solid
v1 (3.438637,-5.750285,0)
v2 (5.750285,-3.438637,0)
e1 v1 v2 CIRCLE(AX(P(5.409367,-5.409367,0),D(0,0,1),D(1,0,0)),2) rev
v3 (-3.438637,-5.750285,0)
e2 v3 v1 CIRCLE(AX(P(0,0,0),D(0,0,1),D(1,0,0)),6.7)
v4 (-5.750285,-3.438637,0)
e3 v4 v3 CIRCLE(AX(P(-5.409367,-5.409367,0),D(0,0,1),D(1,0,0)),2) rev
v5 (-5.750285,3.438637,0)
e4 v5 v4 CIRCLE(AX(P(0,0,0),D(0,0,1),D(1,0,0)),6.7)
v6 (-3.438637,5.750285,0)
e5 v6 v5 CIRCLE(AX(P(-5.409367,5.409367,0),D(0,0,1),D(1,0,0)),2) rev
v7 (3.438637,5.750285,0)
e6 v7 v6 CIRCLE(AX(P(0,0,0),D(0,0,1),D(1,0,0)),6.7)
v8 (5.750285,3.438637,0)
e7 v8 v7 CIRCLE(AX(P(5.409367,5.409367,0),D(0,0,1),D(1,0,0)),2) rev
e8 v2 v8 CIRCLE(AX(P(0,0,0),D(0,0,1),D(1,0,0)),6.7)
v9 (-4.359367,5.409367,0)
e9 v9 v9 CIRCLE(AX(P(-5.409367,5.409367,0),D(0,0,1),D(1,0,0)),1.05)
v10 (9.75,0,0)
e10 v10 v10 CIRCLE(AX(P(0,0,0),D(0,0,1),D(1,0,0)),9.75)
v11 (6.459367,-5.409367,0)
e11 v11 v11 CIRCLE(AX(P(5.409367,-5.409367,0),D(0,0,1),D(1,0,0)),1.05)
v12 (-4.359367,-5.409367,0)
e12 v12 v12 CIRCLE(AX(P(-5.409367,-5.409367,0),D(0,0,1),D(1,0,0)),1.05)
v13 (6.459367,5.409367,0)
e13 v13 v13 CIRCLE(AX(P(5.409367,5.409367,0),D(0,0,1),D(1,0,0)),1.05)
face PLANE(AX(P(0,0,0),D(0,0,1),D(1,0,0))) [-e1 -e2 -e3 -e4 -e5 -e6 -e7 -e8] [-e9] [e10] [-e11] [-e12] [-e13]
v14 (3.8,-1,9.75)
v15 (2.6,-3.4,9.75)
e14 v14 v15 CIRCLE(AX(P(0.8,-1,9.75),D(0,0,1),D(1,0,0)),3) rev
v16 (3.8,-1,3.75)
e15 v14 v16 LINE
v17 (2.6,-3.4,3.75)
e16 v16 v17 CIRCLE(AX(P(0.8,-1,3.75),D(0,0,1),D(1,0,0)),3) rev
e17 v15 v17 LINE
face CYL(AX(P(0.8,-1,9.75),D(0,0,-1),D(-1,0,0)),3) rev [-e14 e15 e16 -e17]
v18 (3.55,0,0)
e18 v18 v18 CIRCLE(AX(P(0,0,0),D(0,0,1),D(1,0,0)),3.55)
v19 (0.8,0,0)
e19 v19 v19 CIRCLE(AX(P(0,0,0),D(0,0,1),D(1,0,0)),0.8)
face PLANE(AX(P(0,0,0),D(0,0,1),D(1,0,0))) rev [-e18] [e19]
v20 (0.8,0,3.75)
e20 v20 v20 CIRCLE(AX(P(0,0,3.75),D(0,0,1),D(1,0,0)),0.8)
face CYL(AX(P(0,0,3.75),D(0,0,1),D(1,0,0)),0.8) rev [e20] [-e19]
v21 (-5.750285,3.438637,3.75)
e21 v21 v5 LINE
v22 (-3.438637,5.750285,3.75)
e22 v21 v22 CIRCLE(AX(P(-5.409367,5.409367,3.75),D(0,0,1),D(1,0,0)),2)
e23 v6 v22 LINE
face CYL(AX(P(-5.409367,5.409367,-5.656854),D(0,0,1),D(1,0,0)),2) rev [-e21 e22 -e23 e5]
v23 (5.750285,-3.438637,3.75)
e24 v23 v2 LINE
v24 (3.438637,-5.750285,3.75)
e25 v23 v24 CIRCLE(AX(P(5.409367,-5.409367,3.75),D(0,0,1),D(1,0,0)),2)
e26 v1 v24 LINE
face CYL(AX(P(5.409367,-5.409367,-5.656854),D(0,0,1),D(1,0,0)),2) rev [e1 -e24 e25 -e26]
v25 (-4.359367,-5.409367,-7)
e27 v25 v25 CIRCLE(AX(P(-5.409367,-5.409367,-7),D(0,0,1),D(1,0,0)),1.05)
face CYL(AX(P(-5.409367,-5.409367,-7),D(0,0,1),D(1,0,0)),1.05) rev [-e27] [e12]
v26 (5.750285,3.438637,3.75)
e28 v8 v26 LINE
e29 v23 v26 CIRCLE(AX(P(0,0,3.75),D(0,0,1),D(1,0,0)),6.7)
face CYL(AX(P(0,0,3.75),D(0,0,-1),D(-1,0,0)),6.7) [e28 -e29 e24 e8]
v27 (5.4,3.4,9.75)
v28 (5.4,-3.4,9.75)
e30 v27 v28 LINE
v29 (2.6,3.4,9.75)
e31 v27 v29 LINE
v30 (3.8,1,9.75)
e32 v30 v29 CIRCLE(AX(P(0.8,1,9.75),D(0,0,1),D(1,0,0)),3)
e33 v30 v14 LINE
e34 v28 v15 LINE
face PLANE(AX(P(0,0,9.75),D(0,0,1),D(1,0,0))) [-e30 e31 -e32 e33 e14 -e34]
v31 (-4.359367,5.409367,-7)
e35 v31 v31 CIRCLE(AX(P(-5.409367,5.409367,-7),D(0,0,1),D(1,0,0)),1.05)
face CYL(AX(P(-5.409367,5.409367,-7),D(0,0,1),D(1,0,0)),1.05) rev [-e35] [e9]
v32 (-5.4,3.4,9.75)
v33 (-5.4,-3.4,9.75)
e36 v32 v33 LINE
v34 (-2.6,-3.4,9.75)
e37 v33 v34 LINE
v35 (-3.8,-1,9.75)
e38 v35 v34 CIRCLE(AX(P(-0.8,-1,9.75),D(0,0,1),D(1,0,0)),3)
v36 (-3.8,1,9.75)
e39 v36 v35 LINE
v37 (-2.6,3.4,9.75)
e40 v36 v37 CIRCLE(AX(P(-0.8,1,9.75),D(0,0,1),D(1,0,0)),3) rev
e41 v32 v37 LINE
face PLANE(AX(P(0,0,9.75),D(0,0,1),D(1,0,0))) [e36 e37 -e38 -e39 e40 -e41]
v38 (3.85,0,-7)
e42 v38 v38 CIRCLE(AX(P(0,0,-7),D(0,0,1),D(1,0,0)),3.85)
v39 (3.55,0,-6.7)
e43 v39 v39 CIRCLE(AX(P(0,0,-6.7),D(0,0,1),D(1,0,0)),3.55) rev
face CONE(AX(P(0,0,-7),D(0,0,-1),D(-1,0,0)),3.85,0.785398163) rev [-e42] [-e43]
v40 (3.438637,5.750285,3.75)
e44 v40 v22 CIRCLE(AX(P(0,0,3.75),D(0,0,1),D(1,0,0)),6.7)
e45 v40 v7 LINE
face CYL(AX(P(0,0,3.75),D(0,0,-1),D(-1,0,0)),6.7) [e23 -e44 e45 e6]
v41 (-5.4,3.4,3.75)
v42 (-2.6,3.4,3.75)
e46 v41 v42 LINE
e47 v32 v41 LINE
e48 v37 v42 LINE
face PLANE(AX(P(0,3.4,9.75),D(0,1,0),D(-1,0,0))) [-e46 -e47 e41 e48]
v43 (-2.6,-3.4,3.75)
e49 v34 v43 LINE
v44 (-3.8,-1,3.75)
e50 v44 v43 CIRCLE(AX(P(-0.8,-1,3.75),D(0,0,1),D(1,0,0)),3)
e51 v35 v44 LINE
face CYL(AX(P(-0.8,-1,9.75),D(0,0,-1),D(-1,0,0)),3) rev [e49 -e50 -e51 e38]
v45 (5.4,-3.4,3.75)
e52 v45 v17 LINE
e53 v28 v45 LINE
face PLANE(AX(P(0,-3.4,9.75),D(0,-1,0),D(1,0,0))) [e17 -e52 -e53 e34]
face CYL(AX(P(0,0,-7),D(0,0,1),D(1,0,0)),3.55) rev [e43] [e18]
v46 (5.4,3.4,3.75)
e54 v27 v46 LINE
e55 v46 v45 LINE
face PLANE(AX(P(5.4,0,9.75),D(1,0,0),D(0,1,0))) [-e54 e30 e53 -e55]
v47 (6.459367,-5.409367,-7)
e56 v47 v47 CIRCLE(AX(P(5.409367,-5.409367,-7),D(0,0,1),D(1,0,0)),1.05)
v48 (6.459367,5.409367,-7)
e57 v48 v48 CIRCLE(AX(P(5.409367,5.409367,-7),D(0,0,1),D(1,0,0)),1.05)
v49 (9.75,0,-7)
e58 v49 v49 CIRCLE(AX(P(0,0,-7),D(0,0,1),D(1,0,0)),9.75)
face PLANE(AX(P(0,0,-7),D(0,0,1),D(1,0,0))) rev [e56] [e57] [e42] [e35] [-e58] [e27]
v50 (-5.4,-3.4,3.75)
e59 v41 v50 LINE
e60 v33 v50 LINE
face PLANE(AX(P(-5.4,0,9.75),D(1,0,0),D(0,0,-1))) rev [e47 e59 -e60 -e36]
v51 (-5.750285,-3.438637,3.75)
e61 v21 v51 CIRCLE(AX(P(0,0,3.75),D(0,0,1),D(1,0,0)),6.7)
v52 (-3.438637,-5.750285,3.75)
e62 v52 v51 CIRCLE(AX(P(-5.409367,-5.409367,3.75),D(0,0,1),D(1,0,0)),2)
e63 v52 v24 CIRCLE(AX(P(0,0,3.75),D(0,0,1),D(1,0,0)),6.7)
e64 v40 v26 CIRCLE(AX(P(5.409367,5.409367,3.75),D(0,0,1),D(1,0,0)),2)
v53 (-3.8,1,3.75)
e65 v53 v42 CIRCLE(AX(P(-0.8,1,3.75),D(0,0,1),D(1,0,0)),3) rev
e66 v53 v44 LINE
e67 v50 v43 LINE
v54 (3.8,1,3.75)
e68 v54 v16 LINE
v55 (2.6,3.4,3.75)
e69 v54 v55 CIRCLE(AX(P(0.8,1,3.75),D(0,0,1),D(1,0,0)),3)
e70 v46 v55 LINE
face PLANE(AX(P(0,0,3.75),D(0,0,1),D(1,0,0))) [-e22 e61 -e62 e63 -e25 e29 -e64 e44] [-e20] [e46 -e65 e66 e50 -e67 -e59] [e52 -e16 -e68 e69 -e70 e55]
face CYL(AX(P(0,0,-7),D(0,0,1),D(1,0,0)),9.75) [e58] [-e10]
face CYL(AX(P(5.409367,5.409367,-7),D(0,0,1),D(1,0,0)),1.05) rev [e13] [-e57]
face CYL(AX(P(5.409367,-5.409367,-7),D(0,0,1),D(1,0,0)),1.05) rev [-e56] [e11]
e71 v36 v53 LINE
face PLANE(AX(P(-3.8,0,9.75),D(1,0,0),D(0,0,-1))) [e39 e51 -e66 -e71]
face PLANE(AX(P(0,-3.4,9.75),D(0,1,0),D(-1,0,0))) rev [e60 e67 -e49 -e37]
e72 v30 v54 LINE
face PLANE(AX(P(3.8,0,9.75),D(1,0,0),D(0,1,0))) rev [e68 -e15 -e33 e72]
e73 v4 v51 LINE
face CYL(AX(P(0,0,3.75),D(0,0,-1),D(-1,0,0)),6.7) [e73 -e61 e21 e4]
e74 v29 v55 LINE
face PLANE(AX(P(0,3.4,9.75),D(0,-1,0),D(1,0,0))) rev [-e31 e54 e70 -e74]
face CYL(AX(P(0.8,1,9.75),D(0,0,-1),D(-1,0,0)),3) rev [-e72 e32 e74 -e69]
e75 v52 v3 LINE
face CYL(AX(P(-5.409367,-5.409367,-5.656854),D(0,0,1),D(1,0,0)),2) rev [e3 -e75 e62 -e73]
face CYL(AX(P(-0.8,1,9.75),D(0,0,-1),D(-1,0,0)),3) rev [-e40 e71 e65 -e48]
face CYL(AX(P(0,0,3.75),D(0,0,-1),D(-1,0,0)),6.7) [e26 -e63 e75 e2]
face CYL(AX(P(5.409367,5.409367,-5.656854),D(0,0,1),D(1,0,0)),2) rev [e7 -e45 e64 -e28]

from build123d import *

# Parameters (mm, degrees)
SKIZZE1_R                       = 6.7
AUFSATZ_LINEAR_AUSTRAGEN1_DEPTH = 3.75
SKIZZE1_7_R                     = 9.75
SKIZZE1_7_R_2                   = 3.55
AUFSATZ_LINEAR_AUSTRAGEN2_DEPTH = 7
SKIZZE5_R                       = 1.05
SCHNITT_LINEAR_AUSTRAGEN1_DEPTH = 11.75
SKIZZE5_3_R                     = 2
SKIZZE5_3_R_2                   = 1.05
SCHNITT_LINEAR_AUSTRAGEN2_DEPTH = 3.75
FASE1_SIZE                      = 0.3
AUFSATZ_LINEAR_AUSTRAGEN4_DEPTH = 6
M2_GEWINDEBOHRUNG1_D            = 1.6


with BuildPart() as part:
    # Skizze1 → Aufsatz-Linear austragen1 (new body)
    with BuildSketch(Plane.XY):
        Circle(SKIZZE1_R)
    extrude(amount=AUFSATZ_LINEAR_AUSTRAGEN1_DEPTH)

    # Skizze1<7> → Aufsatz-Linear austragen2 (add)
    with BuildSketch(Plane.XY):
        Circle(SKIZZE1_7_R)
        Circle(SKIZZE1_7_R_2, mode=Mode.SUBTRACT)
    extrude(amount=-AUFSATZ_LINEAR_AUSTRAGEN2_DEPTH)

    # Skizze5 → Schnitt-Linear austragen1 (cut, through all)
    with BuildSketch(Plane.XY.offset(3.75)):
        with Locations((5.409366876, 5.409366876)):
            Circle(SKIZZE5_R)
        with Locations((5.409366876, -5.409366876)):
            Circle(SKIZZE5_R)
        with Locations((-5.409366876, -5.409366876)):
            Circle(SKIZZE5_R)
        with Locations((-5.409366876, 5.409366876)):
            Circle(SKIZZE5_R)
    extrude(amount=-SCHNITT_LINEAR_AUSTRAGEN1_DEPTH, mode=Mode.SUBTRACT)

    # Skizze5<3> → Schnitt-Linear austragen2 (cut)
    with BuildSketch(Plane.XY.offset(3.75)):
        with Locations((-5.409366876, 5.409366876)):
            Circle(SKIZZE5_3_R)
        with Locations((-5.409366876, 5.409366876)):
            Circle(SKIZZE5_3_R_2, mode=Mode.SUBTRACT)
        with Locations((5.409366876, 5.409366876)):
            Circle(SKIZZE5_3_R)
        with Locations((5.409366876, 5.409366876)):
            Circle(SKIZZE5_3_R_2, mode=Mode.SUBTRACT)
        with Locations((5.409366876, -5.409366876)):
            Circle(SKIZZE5_3_R)
        with Locations((5.409366876, -5.409366876)):
            Circle(SKIZZE5_3_R_2, mode=Mode.SUBTRACT)
        with Locations((-5.409366876, -5.409366876)):
            Circle(SKIZZE5_3_R)
        with Locations((-5.409366876, -5.409366876)):
            Circle(SKIZZE5_3_R_2, mode=Mode.SUBTRACT)
    extrude(amount=-SCHNITT_LINEAR_AUSTRAGEN2_DEPTH, mode=Mode.SUBTRACT)

    # Fase1
    fase1_edges = [part.edges().sort_by_distance(p)[0] for p in [
        (-3.55, 0, -7),
    ]]
    chamfer(fase1_edges, length=FASE1_SIZE)

    # Skizze7 → Aufsatz-Linear austragen4 (add)
    with BuildSketch(Plane.XY.offset(3.75)):
        with BuildLine():
            Line((-5.4, 3.4), (-2.6, 3.4))
            ThreePointArc((-2.6, 3.4), (-3.483281573, 2.341640786), (-3.8, 1))
            Line((-3.8, 1), (-3.8, -1))
            ThreePointArc((-3.8, -1), (-3.483281573, -2.341640786), (-2.6, -3.4))
            Line((-2.6, -3.4), (-5.4, -3.4))
            Line((-5.4, -3.4), (-5.4, 3.4))
        make_face()
        with BuildLine():
            Line((5.4, -3.4), (2.6, -3.4))
            ThreePointArc((2.6, -3.4), (3.483281573, -2.341640786), (3.8, -1))
            Line((3.8, -1), (3.8, 1))
            ThreePointArc((3.8, 1), (3.483281573, 2.341640786), (2.6, 3.4))
            Line((2.6, 3.4), (5.4, 3.4))
            Line((5.4, 3.4), (5.4, -3.4))
        make_face()
    extrude(amount=AUFSATZ_LINEAR_AUSTRAGEN4_DEPTH)

    # M2 Gewindebohrung1 (through all)
    with Locations(Plane.XY.offset(3.75)):
        with Locations((0, 0)):
            Hole(M2_GEWINDEBOHRUNG1_D / 2)


solid = part.part
